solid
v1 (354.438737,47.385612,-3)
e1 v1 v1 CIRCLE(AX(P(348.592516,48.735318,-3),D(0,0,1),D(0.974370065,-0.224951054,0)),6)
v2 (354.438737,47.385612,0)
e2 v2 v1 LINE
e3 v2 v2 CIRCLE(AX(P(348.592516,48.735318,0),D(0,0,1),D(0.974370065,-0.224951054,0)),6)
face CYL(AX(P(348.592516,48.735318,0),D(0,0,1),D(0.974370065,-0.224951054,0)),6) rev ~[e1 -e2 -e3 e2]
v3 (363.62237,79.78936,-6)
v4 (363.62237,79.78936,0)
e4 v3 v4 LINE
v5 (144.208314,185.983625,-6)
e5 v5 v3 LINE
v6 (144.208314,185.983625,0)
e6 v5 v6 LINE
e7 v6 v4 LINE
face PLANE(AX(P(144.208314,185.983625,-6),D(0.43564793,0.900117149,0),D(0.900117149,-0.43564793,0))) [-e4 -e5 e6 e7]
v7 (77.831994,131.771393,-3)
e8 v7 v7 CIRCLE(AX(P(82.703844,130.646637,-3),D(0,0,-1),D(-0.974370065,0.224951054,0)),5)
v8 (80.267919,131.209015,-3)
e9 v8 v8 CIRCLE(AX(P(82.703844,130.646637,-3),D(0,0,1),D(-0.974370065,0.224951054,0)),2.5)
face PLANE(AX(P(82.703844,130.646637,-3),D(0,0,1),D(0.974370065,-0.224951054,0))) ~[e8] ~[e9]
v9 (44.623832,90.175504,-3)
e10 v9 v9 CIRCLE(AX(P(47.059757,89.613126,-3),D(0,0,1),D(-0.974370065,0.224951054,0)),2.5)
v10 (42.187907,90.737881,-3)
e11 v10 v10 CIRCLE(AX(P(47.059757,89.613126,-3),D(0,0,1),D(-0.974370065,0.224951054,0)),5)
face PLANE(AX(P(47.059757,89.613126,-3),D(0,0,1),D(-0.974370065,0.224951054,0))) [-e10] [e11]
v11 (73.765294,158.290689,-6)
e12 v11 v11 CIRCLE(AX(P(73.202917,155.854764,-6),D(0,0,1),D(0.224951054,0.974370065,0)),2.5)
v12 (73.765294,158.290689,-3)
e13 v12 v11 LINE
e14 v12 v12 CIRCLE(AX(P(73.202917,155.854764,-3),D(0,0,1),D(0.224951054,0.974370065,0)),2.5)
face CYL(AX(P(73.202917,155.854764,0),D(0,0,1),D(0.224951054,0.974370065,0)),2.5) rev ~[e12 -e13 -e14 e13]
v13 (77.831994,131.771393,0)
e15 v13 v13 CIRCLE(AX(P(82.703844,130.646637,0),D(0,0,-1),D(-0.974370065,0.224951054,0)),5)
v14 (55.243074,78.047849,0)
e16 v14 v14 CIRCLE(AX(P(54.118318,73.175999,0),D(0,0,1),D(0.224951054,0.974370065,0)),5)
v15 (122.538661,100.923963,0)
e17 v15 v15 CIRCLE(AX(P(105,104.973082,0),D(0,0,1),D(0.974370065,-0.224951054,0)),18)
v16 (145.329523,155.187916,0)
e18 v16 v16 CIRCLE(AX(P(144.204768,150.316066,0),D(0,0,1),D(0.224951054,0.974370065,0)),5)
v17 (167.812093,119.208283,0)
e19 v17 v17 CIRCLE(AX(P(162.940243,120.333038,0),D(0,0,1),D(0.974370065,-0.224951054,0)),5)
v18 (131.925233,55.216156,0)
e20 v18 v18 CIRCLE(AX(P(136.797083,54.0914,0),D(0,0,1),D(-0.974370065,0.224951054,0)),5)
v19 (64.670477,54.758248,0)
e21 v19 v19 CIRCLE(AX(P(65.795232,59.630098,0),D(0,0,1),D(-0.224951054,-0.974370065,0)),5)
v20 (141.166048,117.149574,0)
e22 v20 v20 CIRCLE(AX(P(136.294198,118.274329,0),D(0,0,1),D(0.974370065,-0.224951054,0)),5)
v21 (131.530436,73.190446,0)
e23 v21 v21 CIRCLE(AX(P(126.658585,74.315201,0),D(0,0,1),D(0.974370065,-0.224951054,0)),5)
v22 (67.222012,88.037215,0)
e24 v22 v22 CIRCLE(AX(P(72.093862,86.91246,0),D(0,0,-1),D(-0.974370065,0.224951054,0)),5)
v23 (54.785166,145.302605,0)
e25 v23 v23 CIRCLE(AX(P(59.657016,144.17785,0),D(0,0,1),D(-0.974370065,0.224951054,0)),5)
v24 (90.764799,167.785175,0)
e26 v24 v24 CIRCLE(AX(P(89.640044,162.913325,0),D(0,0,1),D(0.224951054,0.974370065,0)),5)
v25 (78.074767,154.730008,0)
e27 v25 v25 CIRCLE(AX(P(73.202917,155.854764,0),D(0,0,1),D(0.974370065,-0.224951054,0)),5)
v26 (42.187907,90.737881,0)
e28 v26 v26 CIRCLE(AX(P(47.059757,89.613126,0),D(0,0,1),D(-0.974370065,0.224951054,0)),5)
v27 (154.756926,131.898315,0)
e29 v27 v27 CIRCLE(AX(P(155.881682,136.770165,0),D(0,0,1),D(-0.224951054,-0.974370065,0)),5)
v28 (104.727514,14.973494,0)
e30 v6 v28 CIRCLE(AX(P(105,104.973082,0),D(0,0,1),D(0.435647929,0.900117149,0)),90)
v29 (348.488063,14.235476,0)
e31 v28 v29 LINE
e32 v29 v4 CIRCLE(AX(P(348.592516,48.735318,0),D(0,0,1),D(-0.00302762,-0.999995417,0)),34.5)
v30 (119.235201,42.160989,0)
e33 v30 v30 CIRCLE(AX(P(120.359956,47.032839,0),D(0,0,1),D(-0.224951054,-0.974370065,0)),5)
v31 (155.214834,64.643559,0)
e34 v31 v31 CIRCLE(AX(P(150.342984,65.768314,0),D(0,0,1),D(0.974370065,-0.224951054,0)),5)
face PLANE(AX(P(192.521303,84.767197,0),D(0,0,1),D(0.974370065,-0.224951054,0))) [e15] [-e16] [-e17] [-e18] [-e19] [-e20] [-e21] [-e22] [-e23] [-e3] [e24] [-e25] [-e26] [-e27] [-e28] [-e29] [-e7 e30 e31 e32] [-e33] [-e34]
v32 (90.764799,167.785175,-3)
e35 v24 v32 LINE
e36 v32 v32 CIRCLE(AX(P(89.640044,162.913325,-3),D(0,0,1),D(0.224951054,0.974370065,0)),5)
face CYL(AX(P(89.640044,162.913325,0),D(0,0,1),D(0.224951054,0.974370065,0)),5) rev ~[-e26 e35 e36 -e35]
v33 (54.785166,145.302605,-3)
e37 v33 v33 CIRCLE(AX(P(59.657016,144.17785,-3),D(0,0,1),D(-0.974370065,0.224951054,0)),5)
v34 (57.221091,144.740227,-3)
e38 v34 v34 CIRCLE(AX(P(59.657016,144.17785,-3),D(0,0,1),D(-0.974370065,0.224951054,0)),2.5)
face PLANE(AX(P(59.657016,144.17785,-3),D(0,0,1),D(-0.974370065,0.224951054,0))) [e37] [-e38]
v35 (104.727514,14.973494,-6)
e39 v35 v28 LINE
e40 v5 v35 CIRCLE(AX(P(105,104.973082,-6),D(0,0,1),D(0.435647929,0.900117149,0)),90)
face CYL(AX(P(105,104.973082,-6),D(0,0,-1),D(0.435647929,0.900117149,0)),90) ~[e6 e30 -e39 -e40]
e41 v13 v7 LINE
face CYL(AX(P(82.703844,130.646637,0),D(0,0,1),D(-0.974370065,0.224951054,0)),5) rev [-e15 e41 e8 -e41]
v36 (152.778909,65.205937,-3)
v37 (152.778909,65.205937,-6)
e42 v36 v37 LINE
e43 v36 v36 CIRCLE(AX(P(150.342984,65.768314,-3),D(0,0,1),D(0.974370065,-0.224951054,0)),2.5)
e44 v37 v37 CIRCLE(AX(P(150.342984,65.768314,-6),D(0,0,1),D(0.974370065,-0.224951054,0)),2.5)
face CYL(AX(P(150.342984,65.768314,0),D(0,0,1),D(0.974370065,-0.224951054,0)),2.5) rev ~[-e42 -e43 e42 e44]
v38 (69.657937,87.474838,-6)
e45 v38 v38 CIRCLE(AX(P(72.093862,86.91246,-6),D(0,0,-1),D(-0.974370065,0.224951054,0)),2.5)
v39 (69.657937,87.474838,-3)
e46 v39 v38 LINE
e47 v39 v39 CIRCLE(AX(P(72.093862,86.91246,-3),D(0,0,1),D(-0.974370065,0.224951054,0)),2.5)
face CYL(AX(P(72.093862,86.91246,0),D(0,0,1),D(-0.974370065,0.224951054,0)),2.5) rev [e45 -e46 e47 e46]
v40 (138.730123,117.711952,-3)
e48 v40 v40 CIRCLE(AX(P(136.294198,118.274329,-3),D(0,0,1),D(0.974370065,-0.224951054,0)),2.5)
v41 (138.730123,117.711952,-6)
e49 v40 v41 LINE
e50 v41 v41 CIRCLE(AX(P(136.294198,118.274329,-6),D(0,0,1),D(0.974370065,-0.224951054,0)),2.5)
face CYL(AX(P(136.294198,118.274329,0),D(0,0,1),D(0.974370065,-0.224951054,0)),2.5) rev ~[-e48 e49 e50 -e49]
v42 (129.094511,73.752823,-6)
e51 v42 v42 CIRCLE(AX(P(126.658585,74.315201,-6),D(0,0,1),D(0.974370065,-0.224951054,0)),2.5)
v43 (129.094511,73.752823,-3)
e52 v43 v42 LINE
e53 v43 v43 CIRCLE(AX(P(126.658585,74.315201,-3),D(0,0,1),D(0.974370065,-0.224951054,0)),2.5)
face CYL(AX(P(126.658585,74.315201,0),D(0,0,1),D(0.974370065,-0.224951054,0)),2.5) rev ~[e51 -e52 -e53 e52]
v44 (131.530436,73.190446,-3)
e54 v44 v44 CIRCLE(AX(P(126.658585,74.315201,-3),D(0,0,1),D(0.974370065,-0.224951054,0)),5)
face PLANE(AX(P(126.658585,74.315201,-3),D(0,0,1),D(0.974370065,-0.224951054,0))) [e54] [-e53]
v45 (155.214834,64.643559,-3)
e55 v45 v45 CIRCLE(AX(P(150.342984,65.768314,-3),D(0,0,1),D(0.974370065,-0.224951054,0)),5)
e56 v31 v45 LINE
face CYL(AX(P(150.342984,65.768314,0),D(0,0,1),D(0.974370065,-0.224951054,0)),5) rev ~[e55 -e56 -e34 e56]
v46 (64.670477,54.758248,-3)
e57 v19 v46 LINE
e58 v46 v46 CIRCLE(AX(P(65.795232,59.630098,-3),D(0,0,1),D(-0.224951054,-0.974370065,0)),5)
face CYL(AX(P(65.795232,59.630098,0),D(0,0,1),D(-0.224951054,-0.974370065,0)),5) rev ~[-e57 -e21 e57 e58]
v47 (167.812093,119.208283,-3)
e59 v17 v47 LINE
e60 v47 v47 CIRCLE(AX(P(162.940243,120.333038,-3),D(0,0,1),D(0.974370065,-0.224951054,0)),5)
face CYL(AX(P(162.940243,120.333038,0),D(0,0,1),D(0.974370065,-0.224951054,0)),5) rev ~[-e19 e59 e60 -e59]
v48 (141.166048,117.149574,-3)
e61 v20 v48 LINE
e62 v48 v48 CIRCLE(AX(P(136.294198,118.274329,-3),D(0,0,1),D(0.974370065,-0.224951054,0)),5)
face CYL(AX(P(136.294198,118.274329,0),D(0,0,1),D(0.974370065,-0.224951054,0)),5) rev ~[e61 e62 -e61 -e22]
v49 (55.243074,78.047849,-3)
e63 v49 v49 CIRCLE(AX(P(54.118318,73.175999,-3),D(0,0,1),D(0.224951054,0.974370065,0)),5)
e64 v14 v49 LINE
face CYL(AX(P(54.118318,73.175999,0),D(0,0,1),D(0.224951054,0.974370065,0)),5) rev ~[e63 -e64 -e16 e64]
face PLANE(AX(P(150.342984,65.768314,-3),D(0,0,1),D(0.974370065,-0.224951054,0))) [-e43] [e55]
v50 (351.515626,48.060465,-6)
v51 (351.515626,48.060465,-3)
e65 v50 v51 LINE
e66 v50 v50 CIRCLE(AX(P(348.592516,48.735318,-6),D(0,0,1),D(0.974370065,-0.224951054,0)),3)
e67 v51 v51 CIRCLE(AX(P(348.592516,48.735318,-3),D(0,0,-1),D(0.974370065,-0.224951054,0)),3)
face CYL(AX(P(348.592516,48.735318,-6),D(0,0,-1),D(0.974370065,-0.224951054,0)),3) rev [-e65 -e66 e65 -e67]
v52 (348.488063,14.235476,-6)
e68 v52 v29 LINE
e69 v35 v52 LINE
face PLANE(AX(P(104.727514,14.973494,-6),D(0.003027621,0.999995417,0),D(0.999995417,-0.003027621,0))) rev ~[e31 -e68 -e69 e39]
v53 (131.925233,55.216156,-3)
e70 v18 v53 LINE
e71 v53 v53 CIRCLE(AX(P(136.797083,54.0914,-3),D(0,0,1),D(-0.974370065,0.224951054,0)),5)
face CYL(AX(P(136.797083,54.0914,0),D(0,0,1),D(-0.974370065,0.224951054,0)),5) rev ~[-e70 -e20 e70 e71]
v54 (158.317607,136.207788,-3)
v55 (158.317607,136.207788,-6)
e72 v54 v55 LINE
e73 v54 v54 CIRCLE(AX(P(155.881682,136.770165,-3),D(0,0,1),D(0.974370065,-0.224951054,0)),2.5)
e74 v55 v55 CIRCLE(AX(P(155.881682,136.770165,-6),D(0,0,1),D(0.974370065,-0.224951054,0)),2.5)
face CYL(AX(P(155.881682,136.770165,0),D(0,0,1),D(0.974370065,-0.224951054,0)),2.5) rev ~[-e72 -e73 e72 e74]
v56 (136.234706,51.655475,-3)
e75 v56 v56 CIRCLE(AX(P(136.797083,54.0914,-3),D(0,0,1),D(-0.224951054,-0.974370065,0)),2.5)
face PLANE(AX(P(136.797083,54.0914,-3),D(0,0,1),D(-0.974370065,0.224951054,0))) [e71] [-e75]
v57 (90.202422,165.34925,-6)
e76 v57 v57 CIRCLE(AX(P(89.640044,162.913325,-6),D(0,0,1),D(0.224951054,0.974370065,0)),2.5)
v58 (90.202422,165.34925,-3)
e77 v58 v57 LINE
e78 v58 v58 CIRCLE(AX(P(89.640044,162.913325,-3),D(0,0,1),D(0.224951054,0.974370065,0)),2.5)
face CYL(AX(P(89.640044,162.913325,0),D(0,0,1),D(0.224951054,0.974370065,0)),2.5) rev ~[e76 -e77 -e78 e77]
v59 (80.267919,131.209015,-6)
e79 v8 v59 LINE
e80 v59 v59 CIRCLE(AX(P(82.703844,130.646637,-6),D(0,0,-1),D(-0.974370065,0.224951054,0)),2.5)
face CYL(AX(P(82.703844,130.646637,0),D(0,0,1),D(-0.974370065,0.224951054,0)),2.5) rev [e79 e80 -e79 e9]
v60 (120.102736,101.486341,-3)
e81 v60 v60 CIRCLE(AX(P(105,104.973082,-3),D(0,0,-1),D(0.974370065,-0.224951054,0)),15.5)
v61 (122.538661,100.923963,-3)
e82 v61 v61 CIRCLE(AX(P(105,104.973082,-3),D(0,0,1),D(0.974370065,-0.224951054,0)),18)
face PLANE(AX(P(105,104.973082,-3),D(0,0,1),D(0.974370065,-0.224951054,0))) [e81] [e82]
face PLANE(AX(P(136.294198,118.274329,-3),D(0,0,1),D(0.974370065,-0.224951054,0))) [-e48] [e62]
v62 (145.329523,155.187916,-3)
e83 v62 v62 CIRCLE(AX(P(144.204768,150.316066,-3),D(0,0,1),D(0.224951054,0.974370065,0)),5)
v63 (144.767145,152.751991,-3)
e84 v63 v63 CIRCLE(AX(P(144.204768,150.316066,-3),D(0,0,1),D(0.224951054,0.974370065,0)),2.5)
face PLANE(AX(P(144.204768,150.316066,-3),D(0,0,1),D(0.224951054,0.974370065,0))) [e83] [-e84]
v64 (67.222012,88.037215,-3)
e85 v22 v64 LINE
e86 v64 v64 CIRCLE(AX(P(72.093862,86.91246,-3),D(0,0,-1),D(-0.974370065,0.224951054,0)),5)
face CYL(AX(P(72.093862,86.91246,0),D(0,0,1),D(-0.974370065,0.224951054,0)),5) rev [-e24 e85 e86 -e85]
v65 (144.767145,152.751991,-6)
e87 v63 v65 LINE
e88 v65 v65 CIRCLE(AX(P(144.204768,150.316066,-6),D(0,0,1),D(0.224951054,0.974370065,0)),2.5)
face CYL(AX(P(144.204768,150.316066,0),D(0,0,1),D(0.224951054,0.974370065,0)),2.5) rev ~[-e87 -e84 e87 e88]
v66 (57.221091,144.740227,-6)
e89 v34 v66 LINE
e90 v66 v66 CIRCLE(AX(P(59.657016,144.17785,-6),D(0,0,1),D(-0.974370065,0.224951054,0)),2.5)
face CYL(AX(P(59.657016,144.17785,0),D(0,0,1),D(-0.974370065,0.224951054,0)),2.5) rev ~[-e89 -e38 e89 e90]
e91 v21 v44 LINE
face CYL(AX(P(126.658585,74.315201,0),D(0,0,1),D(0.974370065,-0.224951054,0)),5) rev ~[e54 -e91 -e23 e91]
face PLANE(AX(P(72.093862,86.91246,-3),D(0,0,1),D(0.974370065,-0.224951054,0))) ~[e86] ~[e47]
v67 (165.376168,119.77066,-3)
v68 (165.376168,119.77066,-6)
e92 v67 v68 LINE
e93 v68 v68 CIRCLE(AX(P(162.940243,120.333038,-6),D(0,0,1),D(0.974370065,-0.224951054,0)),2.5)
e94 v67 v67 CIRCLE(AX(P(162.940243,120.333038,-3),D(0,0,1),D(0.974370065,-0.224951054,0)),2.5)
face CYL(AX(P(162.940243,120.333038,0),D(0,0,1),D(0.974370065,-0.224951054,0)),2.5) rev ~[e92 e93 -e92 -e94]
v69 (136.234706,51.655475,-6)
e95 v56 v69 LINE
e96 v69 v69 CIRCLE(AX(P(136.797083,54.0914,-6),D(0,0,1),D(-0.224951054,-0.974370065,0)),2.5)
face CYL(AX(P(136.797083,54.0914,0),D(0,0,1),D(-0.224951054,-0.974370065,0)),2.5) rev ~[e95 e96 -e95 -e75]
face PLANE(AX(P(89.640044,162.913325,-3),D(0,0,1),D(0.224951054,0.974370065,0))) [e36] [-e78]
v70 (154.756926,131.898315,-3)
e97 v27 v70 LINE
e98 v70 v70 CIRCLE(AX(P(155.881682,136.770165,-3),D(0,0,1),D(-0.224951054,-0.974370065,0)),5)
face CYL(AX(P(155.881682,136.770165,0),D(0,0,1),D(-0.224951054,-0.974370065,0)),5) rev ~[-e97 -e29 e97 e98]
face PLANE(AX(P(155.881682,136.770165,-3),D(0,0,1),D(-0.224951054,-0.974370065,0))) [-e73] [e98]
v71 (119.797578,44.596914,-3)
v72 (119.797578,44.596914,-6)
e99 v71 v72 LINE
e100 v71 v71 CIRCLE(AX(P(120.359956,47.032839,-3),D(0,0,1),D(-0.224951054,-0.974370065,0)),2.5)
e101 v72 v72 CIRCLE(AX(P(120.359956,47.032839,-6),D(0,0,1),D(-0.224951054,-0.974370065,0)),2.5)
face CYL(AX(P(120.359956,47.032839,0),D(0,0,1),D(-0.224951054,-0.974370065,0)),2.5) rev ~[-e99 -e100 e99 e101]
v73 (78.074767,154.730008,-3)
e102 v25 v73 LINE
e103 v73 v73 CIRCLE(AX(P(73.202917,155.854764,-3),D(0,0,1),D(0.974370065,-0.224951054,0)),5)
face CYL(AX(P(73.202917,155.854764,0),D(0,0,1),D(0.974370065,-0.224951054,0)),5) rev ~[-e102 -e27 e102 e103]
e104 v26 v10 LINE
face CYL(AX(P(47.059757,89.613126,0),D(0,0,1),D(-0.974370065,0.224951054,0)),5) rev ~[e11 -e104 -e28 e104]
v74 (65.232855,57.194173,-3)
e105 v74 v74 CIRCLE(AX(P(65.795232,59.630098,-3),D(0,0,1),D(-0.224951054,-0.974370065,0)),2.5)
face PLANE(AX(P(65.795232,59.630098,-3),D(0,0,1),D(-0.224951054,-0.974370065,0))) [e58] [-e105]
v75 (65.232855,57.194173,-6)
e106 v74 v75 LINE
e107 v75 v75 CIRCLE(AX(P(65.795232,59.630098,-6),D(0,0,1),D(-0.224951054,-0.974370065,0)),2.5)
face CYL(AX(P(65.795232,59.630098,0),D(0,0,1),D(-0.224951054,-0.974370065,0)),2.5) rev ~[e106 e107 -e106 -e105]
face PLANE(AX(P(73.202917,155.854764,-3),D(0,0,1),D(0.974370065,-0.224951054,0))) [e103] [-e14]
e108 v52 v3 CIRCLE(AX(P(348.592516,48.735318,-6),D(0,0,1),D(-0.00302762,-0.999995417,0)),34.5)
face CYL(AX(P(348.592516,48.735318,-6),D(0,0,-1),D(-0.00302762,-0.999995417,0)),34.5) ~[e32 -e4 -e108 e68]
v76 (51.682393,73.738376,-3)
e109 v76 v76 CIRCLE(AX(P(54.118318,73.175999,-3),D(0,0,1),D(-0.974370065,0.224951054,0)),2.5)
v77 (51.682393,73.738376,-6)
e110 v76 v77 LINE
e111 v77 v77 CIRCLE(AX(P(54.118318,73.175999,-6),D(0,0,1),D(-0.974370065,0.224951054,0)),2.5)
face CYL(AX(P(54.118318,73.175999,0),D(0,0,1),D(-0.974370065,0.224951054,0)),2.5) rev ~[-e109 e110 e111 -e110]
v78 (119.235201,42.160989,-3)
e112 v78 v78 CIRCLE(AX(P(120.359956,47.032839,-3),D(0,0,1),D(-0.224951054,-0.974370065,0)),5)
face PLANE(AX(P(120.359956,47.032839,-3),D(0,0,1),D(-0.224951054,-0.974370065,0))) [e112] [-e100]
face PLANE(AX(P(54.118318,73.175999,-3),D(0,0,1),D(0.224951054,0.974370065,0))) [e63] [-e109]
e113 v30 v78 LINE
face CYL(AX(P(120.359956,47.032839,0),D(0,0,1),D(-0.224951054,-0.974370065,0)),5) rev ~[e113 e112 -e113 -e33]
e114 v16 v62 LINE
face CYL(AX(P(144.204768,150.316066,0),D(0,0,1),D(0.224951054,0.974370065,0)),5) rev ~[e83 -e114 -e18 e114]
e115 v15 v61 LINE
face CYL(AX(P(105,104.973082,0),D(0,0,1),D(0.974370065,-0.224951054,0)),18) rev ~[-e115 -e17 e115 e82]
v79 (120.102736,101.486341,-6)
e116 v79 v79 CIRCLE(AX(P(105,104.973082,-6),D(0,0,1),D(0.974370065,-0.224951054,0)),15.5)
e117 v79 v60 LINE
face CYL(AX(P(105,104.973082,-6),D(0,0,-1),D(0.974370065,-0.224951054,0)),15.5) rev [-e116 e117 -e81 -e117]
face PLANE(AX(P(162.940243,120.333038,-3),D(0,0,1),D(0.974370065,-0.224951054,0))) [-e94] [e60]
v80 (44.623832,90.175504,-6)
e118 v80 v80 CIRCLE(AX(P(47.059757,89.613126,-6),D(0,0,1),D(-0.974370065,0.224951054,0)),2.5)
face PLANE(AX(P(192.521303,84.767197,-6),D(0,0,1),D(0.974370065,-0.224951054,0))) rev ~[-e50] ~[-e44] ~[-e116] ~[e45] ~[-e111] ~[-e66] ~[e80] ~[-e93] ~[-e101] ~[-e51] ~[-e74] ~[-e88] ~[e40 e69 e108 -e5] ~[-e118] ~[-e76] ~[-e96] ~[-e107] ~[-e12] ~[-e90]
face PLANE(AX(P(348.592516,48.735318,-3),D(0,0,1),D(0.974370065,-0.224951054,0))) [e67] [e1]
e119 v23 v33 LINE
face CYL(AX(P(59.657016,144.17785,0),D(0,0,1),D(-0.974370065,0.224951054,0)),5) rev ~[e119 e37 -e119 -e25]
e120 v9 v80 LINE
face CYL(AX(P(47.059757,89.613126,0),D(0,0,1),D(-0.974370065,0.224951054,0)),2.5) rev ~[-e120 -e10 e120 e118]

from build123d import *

# Parameters (mm, degrees)
SKETCH_R              = 3
SKETCH_R_2            = 15.5
PAD_DEPTH             = 6
SKETCH001_R           = 2.5
POCKET_DEPTH          = 10
POLARPATTERN_COUNT    = 4
SKETCH002_R           = 5
POCKET001_DEPTH       = 3
POLARPATTERN001_COUNT = 4
SKETCH003_R           = 6
POCKET002_DEPTH       = 3
SKETCH004_R           = 18
POCKET003_DEPTH       = 3
SKETCH010_R           = 2.5
POCKET007_DEPTH       = 6
SKETCH011_R           = 5
POCKET008_DEPTH       = 3
POLARPATTERN004_COUNT = 4
SKETCH012_R           = 2.5
POCKET009_DEPTH       = 6
SKETCH013_R           = 5
POCKET010_DEPTH       = 3
CLONE_PLACEMENT_ANGLE = 13


with BuildPart() as part:
    # Sketch → Pad (new body)
    with BuildSketch(Plane.XY):
        with BuildLine():
            ThreePointArc((19.98, 87.7542), (-90, 0), (19.98, -87.7542))
            Line((19.98, -87.7542), (257.659, -33.63911))
            ThreePointArc((257.659, -33.63911), (284.5, 0), (257.659, 33.63911))
            Line((19.98, 87.7542), (257.659, 33.63911))
        make_face()
        with Locations((250, 0)):
            Circle(SKETCH_R, mode=Mode.SUBTRACT)
        Circle(SKETCH_R_2, mode=Mode.SUBTRACT)
    extrude(amount=PAD_DEPTH)

    # Sketch001 (on Face8 of Pad) → Pocket (cut)
    with BuildSketch(Plane.XY.offset(6)):
        with Locations((42.4248, 42.428014)):
            Circle(SKETCH001_R)
    pocket = extrude(amount=-POCKET_DEPTH, mode=Mode.SUBTRACT)

    # PolarPattern: Pocket ×4 about axis
    polarpattern_axis = Axis((0, 0, 6), (0, 0, 1))
    for i in range(1, POLARPATTERN_COUNT):
        add(pocket.rotate(polarpattern_axis, i * 360 / POLARPATTERN_COUNT), mode=Mode.SUBTRACT)

    # Sketch002 (on Face5 of PolarPattern) → Pocket001 (cut)
    with BuildSketch(Plane.XY.offset(6)):
        with Locations((-42.428014, 42.4248)):
            Circle(SKETCH002_R)
    pocket001 = extrude(amount=-POCKET001_DEPTH, mode=Mode.SUBTRACT)

    # PolarPattern001: Pocket001 ×4 about axis
    polarpattern001_axis = Axis((0, 0, 6), (0, 0, 1))
    for i in range(1, POLARPATTERN001_COUNT):
        add(pocket001.rotate(polarpattern001_axis, i * 360 / POLARPATTERN001_COUNT), mode=Mode.SUBTRACT)

    # Sketch003 (on Face5 of PolarPattern001) → Pocket002 (cut)
    with BuildSketch(Plane.XY.offset(6)):
        with Locations((250, 0)):
            Circle(SKETCH003_R)
    extrude(amount=-POCKET002_DEPTH, mode=Mode.SUBTRACT)

    # Sketch004 (on Face5 of Pocket002) → Pocket003 (cut)
    with BuildSketch(Plane.XY.offset(6)):
        Circle(SKETCH004_R)
    extrude(amount=-POCKET003_DEPTH, mode=Mode.SUBTRACT)

    # Sketch010 (on Face5 of Pocket003) → Pocket007 (cut)
    with BuildSketch(Plane.XY.offset(6)):
        with Locations((53, 28)):
            Circle(SKETCH010_R)
        with Locations((53, -28)):
            Circle(SKETCH010_R)
    pocket007 = extrude(amount=-POCKET007_DEPTH, mode=Mode.SUBTRACT)

    # Sketch011 (on Face5 of Pocket007) → Pocket008 (cut)
    with BuildSketch(Plane.XY.offset(6)):
        with Locations((53, 28)):
            Circle(SKETCH011_R)
        with Locations((53, -28)):
            Circle(SKETCH011_R)
    pocket008 = extrude(amount=-POCKET008_DEPTH, mode=Mode.SUBTRACT)

    # PolarPattern004: Pocket007, Pocket008 ×4 about axis
    polarpattern004_axis = Axis((0, 0, 6), (0, 0, 1))
    for i in range(1, POLARPATTERN004_COUNT):
        add(pocket007.rotate(polarpattern004_axis, i * 360 / POLARPATTERN004_COUNT), mode=Mode.SUBTRACT)
        add(pocket008.rotate(polarpattern004_axis, i * 360 / POLARPATTERN004_COUNT), mode=Mode.SUBTRACT)

    # Sketch012 (on Face5 of PolarPattern004) → Pocket009 (cut)
    with BuildSketch(Plane.XY.offset(6)):
        with Locations((28, -25)):
            Circle(SKETCH012_R)
        with Locations((27.5, 20)):
            Circle(SKETCH012_R)
    pocket009 = extrude(amount=-POCKET009_DEPTH, mode=Mode.SUBTRACT)

    # Sketch013 (on Face5 of Pocket009) → Pocket010 (cut)
    with BuildSketch(Plane.XY.offset(6)):
        with Locations((27.5, 20)):
            Circle(SKETCH013_R)
        with Locations((28, -25)):
            Circle(SKETCH013_R)
    pocket010 = extrude(amount=-POCKET010_DEPTH, mode=Mode.SUBTRACT)

    # Mirrored: Pocket010, Pocket009 across Sketch013 V_Axis
    add(pocket010.mirror(Plane(origin=(0, 0, 6), x_dir=(0, 0, 1), z_dir=(1, 0, 0))), mode=Mode.SUBTRACT)
    add(pocket009.mirror(Plane(origin=(0, 0, 6), x_dir=(0, 0, 1), z_dir=(1, 0, 0))), mode=Mode.SUBTRACT)


with BuildPart() as part_1:
    # Clone placement: moved
    add(part.part.moved(Location((105, 104.973082, -6))).rotate(Axis((105, 104.973082, -6), (0, 0, -1)), CLONE_PLACEMENT_ANGLE))


solid = part_1.part
